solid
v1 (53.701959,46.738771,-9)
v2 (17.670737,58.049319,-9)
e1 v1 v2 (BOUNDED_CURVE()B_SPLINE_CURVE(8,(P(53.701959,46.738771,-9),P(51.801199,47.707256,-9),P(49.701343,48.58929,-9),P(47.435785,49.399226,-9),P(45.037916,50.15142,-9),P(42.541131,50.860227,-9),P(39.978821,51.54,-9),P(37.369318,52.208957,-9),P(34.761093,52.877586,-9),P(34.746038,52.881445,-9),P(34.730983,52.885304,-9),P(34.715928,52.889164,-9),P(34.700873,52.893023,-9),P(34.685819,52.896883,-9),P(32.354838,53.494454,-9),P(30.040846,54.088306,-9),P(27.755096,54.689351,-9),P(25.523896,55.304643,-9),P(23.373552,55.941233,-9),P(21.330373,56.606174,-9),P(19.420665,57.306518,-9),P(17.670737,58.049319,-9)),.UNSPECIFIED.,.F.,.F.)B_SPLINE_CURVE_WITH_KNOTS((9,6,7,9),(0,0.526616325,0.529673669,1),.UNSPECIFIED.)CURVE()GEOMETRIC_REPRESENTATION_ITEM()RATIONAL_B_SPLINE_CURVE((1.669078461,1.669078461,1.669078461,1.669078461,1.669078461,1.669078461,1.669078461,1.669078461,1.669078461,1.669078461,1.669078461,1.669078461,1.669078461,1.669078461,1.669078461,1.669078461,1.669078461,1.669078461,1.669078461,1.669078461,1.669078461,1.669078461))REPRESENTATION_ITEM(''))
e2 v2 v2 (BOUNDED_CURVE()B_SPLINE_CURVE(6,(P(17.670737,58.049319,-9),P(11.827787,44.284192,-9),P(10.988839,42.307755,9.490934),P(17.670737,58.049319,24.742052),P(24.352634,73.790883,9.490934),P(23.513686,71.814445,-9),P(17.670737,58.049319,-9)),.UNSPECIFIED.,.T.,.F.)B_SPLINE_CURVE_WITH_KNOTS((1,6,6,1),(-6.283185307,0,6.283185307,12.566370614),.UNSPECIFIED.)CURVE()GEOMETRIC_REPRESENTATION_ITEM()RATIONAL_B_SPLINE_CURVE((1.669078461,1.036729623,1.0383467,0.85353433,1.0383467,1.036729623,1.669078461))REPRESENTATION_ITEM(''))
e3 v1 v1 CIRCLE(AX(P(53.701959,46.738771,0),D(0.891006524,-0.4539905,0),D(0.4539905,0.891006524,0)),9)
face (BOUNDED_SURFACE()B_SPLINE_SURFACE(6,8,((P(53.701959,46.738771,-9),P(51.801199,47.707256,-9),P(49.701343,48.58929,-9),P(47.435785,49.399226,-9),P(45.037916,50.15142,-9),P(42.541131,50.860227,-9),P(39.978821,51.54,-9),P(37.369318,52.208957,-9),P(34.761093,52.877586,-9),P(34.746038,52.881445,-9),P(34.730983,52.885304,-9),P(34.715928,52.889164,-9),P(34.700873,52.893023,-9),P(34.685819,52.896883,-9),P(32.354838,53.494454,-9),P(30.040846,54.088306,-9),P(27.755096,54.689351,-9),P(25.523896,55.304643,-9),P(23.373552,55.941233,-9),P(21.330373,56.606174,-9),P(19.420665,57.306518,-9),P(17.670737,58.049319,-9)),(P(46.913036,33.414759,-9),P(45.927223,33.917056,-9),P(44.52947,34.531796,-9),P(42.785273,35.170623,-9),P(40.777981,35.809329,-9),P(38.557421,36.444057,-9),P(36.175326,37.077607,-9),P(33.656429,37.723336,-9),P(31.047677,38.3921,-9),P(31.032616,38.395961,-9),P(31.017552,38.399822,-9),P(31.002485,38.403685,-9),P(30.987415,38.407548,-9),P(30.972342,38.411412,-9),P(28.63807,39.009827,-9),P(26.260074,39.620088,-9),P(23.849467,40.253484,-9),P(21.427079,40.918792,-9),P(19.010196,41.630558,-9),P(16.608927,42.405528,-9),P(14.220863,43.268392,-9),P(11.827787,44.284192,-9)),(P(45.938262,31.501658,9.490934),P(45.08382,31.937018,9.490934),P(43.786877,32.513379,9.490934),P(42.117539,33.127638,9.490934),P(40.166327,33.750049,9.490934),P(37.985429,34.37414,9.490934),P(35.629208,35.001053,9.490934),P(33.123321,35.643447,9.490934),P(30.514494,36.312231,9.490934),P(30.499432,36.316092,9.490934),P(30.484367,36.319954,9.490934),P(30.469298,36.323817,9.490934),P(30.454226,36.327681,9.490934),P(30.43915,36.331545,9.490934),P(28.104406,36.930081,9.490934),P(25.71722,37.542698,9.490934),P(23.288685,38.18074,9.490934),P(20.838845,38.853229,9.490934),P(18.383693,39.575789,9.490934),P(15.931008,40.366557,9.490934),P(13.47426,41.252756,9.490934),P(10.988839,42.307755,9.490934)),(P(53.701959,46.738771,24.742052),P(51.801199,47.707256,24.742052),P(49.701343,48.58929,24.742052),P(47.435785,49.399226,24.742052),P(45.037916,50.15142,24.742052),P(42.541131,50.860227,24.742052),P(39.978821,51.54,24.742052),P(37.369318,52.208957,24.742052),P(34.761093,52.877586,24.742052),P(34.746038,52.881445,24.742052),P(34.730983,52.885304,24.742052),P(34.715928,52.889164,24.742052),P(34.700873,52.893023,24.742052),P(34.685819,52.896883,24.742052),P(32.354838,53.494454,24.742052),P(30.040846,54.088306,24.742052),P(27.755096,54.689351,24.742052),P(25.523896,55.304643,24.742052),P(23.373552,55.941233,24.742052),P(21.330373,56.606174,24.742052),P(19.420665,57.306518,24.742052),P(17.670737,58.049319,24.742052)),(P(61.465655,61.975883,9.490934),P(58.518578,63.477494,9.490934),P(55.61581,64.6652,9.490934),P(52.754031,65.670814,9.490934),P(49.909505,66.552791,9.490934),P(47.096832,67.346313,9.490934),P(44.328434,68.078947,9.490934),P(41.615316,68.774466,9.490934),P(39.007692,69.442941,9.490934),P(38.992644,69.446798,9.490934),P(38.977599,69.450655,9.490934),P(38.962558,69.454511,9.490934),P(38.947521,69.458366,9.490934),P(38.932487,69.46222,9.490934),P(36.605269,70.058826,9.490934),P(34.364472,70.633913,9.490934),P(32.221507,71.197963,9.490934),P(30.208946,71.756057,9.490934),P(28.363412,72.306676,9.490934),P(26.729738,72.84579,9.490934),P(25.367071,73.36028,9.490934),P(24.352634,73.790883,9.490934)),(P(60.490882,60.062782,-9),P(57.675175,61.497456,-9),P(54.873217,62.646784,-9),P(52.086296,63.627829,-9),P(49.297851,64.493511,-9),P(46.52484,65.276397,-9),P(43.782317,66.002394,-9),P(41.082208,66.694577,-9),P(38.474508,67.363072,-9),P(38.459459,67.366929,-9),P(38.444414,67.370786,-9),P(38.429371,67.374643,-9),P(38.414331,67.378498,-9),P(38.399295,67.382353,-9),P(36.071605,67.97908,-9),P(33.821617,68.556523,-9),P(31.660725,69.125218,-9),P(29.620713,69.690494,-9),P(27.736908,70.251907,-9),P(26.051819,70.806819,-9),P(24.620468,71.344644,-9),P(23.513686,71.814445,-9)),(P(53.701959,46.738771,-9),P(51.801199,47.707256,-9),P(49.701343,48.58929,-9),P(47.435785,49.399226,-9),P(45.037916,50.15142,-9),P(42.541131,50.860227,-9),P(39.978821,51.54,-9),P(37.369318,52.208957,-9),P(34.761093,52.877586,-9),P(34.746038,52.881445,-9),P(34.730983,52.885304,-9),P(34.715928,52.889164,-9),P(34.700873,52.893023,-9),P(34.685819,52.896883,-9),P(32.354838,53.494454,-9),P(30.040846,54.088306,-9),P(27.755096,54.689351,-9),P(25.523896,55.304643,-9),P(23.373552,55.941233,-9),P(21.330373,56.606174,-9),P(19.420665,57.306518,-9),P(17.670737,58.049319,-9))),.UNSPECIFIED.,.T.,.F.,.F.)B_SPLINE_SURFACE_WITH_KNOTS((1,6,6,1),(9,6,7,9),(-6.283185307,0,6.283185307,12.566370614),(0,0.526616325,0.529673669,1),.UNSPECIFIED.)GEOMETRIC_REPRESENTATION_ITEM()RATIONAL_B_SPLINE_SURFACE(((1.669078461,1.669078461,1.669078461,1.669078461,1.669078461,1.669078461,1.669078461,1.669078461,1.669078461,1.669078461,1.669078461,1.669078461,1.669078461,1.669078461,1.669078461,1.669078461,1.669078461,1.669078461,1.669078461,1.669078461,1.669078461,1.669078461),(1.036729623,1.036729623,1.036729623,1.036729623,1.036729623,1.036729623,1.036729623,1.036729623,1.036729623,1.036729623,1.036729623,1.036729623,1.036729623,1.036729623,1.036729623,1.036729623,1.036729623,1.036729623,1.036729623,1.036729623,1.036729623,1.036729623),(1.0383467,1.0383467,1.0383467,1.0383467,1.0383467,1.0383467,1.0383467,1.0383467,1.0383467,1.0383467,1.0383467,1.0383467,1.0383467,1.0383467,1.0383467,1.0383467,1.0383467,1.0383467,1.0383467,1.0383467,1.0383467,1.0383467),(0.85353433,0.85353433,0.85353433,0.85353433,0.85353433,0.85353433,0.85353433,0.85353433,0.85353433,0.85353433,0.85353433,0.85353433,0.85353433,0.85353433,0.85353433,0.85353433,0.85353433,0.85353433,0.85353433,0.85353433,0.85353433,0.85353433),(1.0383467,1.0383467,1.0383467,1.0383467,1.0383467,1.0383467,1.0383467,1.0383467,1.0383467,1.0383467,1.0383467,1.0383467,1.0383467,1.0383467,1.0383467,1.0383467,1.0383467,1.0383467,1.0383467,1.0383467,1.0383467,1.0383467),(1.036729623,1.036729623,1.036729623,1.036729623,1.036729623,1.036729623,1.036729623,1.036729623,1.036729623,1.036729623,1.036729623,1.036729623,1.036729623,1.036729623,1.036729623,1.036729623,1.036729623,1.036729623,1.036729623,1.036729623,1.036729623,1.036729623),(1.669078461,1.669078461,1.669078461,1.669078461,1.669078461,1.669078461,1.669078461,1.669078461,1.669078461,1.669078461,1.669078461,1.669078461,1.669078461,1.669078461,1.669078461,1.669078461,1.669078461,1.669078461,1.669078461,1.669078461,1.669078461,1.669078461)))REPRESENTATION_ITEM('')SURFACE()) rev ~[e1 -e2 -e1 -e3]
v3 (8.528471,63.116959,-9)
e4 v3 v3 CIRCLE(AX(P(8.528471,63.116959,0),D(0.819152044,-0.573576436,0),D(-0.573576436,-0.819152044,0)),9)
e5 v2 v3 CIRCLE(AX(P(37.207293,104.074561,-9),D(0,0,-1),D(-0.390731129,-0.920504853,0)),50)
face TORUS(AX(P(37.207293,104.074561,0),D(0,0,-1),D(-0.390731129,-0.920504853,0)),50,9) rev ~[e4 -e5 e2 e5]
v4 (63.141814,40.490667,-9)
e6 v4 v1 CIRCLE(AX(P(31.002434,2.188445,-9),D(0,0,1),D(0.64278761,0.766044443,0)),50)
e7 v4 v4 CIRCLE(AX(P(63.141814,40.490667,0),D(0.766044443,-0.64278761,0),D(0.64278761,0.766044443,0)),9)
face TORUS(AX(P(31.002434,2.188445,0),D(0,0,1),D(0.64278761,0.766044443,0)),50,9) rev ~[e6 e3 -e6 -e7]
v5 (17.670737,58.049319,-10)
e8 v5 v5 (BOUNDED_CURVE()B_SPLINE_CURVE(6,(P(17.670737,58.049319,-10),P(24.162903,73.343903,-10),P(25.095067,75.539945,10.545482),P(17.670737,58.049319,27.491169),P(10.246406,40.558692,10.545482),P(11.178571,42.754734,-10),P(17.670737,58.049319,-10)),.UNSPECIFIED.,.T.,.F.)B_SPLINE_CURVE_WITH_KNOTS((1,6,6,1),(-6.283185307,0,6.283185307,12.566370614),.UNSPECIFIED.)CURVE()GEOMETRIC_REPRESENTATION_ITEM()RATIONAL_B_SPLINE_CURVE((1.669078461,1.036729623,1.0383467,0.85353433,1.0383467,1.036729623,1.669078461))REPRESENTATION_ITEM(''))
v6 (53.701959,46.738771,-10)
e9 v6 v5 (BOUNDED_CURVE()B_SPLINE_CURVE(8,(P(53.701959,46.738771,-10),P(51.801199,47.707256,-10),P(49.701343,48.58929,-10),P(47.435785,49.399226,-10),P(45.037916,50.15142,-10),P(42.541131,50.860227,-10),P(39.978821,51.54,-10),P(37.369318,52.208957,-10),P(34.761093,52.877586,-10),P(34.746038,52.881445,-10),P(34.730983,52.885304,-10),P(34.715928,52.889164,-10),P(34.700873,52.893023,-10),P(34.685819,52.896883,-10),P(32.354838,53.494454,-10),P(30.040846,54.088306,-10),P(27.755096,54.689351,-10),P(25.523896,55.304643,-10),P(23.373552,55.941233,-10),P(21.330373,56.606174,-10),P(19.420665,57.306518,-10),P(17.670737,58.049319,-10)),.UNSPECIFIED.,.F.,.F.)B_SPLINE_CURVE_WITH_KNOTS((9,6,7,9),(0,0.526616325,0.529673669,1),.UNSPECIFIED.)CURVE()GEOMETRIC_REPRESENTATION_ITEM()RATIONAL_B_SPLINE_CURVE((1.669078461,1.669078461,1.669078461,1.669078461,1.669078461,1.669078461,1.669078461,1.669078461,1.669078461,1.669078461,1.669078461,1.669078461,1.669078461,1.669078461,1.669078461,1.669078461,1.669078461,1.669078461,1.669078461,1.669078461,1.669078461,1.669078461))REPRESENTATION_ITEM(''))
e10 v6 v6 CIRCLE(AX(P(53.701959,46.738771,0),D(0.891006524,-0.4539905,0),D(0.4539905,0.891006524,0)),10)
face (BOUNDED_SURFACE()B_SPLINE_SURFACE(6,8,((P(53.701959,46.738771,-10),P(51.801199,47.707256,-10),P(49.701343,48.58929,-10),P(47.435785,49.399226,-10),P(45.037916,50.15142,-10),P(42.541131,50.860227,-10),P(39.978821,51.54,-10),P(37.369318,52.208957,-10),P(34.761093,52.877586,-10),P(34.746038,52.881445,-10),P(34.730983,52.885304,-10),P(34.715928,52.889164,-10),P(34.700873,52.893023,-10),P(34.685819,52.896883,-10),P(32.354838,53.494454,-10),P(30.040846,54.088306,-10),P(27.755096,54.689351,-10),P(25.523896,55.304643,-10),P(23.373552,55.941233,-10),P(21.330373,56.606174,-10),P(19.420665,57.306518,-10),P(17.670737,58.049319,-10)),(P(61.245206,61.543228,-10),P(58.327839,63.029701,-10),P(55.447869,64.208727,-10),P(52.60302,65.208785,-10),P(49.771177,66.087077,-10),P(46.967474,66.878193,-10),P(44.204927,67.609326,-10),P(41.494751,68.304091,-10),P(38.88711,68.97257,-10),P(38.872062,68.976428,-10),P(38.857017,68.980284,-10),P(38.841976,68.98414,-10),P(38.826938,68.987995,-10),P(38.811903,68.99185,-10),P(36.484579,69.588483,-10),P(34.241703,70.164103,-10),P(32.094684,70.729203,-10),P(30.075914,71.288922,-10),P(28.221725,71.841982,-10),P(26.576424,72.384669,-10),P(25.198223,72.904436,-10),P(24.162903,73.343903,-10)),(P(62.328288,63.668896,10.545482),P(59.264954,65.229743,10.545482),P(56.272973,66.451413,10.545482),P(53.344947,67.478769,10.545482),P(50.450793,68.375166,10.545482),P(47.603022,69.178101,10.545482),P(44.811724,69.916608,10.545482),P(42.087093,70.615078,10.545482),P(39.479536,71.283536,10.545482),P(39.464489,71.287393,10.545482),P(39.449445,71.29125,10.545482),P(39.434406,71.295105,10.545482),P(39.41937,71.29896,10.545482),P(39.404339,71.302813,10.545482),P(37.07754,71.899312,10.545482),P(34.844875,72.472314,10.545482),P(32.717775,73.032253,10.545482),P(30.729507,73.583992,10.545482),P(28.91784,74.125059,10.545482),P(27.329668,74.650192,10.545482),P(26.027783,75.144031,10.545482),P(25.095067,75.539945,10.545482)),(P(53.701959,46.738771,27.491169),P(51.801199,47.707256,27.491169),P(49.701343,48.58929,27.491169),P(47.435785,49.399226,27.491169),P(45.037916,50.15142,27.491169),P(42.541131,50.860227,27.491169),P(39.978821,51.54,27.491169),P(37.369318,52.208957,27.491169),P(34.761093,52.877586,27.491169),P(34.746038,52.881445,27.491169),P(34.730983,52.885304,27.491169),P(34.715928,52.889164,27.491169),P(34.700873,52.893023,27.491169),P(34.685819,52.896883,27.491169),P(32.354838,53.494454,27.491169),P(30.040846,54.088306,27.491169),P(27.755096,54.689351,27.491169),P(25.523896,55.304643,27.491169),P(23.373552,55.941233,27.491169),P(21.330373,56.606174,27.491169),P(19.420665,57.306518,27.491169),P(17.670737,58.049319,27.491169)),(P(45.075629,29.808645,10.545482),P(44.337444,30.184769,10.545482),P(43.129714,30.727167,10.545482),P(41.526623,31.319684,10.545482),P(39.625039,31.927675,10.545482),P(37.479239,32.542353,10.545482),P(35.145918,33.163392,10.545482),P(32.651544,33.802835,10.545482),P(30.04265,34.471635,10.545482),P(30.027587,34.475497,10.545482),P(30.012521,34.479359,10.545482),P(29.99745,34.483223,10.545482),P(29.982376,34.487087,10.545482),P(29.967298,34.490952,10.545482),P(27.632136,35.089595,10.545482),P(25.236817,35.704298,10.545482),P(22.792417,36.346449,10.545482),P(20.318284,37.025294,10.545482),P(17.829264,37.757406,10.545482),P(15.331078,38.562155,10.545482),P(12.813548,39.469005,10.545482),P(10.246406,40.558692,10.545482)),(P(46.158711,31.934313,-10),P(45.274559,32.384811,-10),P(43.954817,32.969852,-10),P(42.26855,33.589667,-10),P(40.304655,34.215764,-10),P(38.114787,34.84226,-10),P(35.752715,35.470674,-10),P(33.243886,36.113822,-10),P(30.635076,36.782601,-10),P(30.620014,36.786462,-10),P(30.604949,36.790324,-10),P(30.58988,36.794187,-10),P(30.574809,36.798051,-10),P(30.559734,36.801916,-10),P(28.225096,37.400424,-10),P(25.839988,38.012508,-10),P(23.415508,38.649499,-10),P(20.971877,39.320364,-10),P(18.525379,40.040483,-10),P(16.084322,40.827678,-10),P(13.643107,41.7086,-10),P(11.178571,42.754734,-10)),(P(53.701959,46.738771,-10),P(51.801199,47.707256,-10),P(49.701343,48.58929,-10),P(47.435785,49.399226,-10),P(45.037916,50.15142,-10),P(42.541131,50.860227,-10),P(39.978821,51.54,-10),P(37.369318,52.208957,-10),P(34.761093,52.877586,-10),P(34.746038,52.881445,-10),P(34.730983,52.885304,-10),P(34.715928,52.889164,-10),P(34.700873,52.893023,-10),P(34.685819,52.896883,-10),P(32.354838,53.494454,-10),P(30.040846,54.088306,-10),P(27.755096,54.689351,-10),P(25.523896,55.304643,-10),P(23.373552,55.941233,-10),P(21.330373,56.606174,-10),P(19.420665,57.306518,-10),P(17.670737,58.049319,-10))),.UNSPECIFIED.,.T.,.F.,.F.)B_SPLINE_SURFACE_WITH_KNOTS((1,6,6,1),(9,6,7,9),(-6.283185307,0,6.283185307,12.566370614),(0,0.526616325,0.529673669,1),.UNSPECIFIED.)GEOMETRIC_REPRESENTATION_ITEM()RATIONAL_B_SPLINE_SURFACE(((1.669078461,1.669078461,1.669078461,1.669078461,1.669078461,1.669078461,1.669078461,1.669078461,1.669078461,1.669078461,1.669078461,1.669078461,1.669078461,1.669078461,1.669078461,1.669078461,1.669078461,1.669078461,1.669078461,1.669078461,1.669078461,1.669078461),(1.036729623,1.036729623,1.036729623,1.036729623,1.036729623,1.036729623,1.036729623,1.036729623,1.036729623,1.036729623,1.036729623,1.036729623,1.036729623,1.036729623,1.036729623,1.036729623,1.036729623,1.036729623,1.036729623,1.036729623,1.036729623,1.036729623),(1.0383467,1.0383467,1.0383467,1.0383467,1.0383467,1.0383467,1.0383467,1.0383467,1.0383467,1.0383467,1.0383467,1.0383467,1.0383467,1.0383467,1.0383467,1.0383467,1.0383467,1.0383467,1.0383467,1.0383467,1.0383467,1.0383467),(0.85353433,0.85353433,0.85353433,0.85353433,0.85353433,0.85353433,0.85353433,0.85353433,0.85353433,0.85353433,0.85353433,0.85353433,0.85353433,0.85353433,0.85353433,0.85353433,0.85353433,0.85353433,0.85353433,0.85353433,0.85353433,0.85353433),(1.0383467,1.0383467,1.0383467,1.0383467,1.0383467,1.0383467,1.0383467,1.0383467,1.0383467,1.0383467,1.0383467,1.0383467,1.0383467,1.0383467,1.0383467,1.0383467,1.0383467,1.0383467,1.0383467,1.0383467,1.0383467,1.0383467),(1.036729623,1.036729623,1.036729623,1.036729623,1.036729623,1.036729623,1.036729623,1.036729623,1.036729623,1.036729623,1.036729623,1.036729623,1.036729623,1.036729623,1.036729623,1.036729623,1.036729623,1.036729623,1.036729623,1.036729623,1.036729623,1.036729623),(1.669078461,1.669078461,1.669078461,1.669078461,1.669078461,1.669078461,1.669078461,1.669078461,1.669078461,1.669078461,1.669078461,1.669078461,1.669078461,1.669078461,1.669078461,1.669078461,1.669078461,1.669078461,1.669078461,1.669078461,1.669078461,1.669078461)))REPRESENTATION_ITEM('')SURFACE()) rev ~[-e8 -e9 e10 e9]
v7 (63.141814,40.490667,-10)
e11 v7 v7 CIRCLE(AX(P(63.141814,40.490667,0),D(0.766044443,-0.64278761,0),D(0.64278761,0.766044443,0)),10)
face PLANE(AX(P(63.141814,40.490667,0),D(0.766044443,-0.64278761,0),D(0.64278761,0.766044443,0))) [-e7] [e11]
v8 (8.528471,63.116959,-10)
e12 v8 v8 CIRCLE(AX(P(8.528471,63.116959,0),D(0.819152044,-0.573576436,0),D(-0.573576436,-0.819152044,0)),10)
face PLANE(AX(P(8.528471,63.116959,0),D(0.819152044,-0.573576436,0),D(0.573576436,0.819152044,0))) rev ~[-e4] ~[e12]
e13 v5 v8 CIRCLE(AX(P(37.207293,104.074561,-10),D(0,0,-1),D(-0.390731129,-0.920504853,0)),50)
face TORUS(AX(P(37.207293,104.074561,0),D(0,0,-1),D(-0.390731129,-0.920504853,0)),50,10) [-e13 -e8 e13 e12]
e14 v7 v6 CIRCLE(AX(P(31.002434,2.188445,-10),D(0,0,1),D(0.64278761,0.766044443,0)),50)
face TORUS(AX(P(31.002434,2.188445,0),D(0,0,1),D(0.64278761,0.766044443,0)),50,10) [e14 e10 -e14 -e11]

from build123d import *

# Parameters (mm, degrees)
SKETCH_2_R   = 10
SKETCH_2_R_2 = 9


with BuildPart() as part:
    # 扫描1: sweep along a path in 草图1
    with BuildLine() as sweep_1_path:  # in the path sketch's own coordinates; laid on its plane below (add() does not lay a ready-made edge on the line's plane)
        ThreePointArc((63.141814145, 40.490666647), (58.599282927, 43.882735594), (53.701958648, 46.7387707))
        add(Edge.make_bspline(
            [(53.701958648, 46.7387707), (48.603839303, 49.336392251), (35.429712495, 52.699485328), (22.337212866, 56.068517029), (17.670736666, 58.049318656)],
            knots=[0, 0, 0, 0, 0.529673669, 1, 1, 1, 1], degree=3))
        ThreePointArc((17.670736666, 58.049318656), (12.966812078, 60.343575972), (8.528471273, 63.116959114))
    # 草图2 → 扫描1 (sweep)
    with BuildSketch(Plane(origin=(8.528471273, 63.116959114, 0), x_dir=(0, 0, -1), z_dir=(0.819152044288993, -0.5735764363510444, 0))):
        Circle(SKETCH_2_R)
        Circle(SKETCH_2_R_2, mode=Mode.SUBTRACT)
    sweep(path=Plane.XY * sweep_1_path.line)


solid = part.part
